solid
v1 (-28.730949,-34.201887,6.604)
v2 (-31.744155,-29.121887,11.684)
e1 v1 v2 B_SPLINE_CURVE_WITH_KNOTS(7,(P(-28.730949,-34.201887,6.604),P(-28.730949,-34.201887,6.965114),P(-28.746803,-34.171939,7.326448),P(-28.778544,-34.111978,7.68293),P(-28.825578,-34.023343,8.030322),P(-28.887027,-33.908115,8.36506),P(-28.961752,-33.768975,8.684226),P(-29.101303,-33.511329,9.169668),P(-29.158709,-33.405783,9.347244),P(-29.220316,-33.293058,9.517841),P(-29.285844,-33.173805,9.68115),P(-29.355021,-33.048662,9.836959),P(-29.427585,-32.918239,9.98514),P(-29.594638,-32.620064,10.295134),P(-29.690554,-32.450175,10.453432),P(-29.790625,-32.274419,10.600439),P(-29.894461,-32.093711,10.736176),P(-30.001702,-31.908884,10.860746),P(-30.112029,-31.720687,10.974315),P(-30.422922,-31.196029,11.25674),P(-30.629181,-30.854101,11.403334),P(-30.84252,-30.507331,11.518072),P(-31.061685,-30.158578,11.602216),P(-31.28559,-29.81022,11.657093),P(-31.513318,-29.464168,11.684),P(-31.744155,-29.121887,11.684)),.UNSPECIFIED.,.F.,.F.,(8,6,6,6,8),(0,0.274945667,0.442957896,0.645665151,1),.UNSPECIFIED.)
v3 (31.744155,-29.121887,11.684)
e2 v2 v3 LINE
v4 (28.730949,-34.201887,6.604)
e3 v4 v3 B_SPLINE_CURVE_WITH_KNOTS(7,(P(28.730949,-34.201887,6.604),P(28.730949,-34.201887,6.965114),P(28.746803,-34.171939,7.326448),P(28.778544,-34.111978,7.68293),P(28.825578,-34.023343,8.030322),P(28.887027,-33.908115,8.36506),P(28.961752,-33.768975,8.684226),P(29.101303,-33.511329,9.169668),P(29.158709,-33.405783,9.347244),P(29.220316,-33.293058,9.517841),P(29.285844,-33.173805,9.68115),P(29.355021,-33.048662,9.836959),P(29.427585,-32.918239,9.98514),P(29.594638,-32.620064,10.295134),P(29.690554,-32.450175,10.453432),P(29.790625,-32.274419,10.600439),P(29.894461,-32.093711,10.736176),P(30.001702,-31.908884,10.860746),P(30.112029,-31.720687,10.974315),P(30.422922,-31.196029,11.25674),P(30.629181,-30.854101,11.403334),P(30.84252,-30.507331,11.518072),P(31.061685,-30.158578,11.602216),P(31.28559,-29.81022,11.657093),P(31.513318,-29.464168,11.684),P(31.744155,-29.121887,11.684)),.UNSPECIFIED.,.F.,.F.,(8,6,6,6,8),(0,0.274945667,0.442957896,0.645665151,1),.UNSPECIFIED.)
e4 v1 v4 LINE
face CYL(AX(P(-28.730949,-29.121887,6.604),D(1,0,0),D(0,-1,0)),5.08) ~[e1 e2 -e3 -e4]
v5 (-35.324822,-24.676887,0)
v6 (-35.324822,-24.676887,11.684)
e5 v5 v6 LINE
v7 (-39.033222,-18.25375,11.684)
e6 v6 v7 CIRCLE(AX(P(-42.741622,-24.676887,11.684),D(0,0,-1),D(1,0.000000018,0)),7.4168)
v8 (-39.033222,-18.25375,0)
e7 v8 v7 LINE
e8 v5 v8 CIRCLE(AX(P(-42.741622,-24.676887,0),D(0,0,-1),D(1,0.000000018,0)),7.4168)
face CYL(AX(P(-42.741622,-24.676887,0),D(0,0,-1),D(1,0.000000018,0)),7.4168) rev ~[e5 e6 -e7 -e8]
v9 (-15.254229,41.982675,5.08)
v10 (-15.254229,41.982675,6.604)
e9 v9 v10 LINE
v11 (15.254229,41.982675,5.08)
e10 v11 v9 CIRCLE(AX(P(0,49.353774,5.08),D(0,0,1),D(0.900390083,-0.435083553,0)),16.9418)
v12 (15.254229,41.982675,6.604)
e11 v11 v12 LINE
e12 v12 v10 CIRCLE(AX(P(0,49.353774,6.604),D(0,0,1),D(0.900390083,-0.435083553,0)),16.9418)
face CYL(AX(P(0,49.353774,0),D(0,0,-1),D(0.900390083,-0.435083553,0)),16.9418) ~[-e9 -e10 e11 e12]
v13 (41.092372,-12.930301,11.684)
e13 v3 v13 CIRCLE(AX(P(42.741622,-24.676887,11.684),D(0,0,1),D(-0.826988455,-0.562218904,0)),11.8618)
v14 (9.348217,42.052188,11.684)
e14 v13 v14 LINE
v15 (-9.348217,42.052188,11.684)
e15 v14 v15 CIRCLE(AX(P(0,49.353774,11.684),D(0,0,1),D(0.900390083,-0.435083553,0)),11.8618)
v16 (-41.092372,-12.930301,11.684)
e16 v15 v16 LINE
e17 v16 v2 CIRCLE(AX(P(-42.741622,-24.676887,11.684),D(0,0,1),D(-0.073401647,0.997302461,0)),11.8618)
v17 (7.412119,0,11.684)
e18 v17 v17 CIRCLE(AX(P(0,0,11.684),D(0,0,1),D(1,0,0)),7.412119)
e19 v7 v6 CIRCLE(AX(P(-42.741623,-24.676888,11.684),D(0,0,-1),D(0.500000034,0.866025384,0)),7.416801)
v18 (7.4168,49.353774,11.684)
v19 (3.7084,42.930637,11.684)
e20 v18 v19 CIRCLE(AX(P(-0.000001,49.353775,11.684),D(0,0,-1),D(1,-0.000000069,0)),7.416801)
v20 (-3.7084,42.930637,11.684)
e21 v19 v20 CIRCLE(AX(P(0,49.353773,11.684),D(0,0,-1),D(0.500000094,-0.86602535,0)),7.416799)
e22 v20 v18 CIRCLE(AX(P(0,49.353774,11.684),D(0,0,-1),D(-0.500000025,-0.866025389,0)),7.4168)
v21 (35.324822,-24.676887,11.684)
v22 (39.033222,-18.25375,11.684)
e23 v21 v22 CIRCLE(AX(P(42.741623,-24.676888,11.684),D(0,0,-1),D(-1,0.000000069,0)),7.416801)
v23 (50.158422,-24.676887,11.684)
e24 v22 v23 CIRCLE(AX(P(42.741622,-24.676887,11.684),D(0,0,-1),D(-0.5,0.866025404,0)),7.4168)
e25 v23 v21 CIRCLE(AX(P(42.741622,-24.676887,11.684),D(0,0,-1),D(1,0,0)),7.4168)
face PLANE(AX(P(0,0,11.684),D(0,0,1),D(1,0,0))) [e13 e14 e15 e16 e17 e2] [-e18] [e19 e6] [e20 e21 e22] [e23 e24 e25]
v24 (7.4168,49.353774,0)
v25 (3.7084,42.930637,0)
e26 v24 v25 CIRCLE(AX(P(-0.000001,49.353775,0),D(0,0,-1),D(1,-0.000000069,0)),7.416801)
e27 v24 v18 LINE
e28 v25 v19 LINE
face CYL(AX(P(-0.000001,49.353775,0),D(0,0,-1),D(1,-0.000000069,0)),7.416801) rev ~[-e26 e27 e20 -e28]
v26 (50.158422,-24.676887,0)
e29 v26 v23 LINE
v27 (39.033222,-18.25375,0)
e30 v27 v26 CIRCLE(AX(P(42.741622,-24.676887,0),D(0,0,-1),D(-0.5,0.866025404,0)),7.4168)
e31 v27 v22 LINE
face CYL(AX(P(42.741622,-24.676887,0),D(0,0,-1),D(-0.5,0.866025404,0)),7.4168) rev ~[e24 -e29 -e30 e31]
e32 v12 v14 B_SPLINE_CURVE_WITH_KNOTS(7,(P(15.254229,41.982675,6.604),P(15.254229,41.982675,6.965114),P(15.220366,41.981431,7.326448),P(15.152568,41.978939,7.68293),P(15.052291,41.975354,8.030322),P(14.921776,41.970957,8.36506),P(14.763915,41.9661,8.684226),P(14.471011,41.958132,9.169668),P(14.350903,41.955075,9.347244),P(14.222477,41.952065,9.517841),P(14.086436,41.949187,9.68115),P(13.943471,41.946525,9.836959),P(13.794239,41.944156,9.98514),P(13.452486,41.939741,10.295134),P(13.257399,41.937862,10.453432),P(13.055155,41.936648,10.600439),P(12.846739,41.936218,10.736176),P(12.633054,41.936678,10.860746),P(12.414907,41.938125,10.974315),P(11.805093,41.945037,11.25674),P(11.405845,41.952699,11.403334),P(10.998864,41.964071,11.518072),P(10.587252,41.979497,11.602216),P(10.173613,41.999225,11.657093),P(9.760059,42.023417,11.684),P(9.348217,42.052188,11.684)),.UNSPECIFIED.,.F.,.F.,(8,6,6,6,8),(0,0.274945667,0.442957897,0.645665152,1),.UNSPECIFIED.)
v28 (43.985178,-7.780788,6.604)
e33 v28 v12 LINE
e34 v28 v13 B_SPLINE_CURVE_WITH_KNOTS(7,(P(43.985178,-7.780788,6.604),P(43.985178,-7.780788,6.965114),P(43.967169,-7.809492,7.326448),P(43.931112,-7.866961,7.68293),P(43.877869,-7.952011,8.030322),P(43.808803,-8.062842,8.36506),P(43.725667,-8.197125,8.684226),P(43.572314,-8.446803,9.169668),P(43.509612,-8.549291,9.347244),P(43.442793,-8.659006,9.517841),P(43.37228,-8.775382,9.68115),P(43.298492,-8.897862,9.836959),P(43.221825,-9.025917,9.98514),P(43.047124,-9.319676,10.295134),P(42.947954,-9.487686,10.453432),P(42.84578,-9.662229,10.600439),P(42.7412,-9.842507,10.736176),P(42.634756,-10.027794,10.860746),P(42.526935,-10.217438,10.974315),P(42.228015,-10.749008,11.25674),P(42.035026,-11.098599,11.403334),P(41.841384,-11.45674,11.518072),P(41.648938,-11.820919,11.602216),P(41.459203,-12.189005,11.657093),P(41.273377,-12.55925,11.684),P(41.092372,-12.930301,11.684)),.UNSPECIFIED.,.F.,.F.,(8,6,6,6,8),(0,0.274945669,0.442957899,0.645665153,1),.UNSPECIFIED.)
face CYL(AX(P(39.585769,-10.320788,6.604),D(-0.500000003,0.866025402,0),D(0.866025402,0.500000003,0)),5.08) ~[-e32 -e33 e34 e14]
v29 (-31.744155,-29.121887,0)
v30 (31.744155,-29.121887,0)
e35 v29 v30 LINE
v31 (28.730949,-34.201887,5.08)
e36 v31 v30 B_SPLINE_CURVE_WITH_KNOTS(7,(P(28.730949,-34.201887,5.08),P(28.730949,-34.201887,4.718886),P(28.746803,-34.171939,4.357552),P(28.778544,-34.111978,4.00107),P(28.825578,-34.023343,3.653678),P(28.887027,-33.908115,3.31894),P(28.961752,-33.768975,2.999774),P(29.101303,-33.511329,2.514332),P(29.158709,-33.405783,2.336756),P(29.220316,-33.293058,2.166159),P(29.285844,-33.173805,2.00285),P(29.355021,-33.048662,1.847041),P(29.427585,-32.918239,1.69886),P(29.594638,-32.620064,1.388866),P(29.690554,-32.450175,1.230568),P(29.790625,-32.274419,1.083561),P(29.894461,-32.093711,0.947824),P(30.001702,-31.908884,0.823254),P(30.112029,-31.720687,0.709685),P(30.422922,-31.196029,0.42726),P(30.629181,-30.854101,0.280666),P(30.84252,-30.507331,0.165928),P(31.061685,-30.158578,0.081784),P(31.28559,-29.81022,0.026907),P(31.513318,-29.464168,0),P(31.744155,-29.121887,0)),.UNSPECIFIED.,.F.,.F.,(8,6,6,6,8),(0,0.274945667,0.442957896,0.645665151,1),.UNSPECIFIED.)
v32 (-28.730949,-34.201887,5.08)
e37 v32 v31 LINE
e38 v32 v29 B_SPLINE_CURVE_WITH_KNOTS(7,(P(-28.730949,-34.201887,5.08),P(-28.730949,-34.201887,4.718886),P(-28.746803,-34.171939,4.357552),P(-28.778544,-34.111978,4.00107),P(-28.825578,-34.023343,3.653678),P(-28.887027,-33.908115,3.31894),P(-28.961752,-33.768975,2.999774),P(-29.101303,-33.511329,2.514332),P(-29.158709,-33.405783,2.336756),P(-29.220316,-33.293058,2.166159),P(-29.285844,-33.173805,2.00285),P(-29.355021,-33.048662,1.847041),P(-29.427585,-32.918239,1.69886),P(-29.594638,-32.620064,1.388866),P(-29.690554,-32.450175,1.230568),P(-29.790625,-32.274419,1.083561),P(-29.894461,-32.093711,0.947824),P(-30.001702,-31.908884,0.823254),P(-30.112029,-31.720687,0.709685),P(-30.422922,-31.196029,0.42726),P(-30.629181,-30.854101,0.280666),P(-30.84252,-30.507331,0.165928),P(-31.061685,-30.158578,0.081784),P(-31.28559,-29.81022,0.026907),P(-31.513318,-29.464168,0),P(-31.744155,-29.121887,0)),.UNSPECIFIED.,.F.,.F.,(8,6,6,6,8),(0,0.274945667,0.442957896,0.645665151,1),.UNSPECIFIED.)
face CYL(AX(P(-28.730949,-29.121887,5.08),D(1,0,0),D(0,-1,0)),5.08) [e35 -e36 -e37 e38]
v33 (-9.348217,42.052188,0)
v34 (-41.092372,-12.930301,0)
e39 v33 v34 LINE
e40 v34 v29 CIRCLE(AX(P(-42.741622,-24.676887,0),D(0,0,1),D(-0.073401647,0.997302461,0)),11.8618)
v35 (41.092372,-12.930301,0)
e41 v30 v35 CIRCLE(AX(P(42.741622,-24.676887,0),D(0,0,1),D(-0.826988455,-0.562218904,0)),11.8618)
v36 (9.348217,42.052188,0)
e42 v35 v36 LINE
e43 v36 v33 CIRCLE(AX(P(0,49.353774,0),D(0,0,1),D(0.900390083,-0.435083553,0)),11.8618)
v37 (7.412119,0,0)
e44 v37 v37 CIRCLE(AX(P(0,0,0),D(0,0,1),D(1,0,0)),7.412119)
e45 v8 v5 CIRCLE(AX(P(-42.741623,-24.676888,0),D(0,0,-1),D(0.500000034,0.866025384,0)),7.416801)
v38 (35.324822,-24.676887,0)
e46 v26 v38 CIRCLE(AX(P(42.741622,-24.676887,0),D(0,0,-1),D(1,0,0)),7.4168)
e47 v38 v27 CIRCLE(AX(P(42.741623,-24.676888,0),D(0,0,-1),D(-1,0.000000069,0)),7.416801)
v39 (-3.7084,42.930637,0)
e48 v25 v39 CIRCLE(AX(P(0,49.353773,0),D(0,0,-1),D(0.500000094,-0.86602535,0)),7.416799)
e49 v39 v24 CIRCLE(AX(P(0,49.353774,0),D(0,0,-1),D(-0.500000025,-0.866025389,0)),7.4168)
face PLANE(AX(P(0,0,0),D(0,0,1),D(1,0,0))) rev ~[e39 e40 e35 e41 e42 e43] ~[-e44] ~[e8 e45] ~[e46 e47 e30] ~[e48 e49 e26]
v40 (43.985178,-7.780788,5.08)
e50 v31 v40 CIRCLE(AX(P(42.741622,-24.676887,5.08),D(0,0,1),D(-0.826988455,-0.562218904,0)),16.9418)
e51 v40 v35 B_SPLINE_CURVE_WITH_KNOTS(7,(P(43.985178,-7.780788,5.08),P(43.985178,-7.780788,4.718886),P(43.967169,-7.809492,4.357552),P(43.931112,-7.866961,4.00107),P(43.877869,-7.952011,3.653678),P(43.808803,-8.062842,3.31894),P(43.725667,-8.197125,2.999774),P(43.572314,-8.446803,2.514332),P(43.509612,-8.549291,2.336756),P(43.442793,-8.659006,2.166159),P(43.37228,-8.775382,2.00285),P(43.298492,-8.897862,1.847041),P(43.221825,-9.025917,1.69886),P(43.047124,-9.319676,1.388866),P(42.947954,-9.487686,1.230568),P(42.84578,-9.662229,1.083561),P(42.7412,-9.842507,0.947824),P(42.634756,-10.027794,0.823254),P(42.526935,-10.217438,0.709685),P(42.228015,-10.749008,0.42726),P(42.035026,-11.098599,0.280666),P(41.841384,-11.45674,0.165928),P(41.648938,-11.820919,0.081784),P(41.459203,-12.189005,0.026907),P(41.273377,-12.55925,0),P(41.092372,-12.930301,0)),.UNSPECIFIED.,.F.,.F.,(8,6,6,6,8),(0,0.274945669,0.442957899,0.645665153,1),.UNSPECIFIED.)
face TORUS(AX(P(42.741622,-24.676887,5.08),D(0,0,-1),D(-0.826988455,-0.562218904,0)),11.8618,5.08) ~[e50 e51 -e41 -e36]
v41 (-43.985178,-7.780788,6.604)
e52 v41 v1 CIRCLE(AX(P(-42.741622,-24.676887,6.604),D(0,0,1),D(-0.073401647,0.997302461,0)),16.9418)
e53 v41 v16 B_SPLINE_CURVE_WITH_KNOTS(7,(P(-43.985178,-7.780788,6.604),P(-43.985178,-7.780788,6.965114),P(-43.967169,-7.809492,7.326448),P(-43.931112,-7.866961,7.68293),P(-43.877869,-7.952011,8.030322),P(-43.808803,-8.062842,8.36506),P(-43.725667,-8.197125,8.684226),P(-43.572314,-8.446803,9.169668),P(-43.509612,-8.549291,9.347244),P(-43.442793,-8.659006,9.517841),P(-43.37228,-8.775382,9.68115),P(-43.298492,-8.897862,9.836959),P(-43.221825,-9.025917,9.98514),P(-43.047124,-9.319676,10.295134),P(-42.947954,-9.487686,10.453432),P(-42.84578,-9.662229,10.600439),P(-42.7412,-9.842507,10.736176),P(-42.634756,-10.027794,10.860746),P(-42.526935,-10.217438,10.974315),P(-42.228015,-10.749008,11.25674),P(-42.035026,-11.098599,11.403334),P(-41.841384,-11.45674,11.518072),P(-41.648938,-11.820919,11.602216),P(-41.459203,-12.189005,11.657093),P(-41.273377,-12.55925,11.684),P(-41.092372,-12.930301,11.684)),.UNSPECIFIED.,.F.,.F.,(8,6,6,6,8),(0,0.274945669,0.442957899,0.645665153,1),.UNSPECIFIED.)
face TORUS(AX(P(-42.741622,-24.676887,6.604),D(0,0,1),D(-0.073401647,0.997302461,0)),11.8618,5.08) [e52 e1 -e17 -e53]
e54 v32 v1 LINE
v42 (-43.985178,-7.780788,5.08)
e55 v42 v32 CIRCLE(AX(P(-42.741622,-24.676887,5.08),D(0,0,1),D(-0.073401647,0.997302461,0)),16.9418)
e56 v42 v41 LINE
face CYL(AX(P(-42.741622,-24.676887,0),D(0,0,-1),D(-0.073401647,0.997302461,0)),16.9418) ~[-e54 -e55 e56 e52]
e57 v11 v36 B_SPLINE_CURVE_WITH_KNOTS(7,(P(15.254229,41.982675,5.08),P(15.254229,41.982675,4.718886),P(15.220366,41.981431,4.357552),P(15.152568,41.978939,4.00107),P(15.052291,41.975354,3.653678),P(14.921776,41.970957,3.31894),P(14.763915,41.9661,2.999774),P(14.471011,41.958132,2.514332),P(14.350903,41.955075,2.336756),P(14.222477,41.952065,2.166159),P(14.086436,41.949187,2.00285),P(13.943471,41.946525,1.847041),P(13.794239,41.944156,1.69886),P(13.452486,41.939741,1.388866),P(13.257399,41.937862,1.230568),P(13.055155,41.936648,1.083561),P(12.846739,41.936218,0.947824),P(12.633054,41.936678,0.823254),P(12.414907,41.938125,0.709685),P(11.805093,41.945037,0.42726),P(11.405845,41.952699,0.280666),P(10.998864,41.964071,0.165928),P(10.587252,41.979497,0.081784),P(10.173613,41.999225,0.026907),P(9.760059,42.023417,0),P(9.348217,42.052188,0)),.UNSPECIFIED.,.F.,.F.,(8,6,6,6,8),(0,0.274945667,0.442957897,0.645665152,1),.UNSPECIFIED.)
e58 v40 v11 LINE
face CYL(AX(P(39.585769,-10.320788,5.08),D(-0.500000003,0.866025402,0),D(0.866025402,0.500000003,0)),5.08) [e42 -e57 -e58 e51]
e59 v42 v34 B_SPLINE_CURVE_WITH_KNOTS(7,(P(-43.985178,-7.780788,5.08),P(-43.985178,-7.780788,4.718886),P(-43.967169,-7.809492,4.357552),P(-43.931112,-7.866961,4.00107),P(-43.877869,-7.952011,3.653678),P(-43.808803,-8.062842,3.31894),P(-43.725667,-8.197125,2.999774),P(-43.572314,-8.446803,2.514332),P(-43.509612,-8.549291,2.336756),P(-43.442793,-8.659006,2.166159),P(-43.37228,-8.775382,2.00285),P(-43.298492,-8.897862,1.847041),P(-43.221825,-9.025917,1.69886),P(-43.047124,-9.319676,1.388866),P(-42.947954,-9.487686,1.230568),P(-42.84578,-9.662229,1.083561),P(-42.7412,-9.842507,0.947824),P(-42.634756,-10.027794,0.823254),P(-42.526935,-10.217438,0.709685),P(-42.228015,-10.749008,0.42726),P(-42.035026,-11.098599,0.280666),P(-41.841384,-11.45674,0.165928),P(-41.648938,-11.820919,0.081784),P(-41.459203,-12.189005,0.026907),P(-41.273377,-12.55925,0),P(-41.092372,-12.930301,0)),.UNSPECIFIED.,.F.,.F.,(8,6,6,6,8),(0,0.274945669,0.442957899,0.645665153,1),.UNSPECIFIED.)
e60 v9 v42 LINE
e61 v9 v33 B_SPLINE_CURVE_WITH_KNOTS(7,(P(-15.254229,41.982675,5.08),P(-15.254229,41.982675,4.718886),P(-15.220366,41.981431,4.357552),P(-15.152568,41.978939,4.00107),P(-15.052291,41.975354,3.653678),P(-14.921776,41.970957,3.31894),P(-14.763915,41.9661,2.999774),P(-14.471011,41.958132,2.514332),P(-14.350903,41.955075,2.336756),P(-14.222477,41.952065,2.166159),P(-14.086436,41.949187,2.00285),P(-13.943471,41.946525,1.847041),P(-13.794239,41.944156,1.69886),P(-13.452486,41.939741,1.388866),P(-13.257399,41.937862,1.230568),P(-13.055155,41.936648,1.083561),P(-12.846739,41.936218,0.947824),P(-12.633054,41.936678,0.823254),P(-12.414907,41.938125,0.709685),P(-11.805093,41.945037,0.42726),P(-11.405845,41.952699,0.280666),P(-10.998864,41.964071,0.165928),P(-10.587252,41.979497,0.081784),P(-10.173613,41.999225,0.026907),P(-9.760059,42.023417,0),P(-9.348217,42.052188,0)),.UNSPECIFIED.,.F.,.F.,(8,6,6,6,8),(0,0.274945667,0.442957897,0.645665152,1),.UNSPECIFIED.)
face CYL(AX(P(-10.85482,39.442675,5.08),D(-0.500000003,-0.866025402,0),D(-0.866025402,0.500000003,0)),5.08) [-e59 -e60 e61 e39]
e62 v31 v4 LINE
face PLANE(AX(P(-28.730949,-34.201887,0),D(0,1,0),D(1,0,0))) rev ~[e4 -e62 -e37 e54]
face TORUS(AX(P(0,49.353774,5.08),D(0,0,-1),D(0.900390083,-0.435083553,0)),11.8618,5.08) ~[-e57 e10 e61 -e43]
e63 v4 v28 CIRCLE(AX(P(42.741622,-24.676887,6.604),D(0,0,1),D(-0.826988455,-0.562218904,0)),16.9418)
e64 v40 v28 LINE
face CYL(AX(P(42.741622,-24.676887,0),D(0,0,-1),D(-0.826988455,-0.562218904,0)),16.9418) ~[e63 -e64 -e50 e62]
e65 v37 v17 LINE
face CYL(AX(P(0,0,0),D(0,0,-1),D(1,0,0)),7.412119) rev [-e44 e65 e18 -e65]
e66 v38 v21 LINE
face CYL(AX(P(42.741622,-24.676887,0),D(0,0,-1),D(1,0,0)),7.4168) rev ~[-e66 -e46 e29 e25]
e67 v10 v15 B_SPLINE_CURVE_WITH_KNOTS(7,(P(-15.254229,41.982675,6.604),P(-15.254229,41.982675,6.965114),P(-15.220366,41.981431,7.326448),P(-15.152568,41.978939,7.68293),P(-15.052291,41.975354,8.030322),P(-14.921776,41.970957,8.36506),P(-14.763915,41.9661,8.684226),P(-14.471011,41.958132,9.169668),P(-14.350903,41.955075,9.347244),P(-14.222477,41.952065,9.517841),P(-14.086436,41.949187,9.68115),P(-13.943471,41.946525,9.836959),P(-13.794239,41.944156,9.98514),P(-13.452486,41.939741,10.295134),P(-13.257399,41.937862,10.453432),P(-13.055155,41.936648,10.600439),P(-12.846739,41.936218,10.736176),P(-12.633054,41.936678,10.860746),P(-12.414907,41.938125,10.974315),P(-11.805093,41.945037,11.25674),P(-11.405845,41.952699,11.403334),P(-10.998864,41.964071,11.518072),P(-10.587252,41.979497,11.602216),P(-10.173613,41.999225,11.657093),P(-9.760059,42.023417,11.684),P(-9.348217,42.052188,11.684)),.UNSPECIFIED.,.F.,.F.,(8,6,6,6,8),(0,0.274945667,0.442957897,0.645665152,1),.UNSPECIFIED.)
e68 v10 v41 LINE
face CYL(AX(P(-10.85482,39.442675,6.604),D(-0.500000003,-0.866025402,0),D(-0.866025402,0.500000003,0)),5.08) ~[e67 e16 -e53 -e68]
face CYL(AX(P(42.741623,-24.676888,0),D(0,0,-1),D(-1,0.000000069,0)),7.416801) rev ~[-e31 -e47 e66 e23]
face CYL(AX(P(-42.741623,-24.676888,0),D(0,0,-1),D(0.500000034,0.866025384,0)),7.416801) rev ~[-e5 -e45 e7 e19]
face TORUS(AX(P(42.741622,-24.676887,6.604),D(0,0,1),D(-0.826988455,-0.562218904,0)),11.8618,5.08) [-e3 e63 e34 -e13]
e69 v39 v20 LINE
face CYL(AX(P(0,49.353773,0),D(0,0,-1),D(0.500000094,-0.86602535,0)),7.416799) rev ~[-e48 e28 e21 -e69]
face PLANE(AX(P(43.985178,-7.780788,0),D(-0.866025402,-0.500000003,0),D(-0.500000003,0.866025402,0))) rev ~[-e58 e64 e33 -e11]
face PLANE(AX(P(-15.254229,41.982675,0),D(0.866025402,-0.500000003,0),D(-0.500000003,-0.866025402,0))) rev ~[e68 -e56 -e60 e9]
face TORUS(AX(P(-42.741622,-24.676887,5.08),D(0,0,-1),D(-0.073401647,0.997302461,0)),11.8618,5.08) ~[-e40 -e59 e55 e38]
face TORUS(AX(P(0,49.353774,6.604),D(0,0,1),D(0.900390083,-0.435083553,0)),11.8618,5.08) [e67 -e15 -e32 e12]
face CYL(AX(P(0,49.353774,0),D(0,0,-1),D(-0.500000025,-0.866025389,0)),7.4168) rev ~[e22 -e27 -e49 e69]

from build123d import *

# Parameters (mm, degrees)
F0_R     = 7.412119
F1_DEPTH = 11.684
F2_R     = 5.08


with BuildPart() as f1:
    # F0 (on Top) → F1 (new body)
    with BuildSketch(Plane.XY):
        with BuildLine():
            Line((-15.254229, 41.982675), (-43.985178, -7.780788))
            ThreePointArc((-43.985178, -7.780788), (-57.413651, -33.147787), (-28.730949, -34.201887))
            Line((-28.730949, -34.201887), (28.730949, -34.201887))
            ThreePointArc((28.730949, -34.201887), (57.413651, -33.147787), (43.985178, -7.780788))
            Line((43.985178, -7.780788), (15.254229, 41.982675))
            ThreePointArc((15.254229, 41.982675), (0, 66.295574), (-15.254229, 41.982675))
        make_face()
        with BuildLine():
            ThreePointArc((-35.324822, -24.676887), (-49.164759, -28.385287), (-39.033222, -18.25375))
            Line((-39.033222, -18.25375), (-3.7084, 42.930637))
            ThreePointArc((-3.7084, 42.930637), (-3.7084, 55.776911), (7.4168, 49.353774))
            ThreePointArc((7.4168, 49.353774), (6.423137, 45.645374), (3.7084, 42.930637))
            Line((3.7084, 42.930637), (39.033222, -18.25375))
            ThreePointArc((39.033222, -18.25375), (46.450022, -18.25375), (50.158422, -24.676887))
            ThreePointArc((50.158422, -24.676887), (42.741622, -32.093687), (35.324822, -24.676887))
            Line((35.324822, -24.676887), (-35.324822, -24.676887))
        make_face(mode=Mode.SUBTRACT)
        with BuildLine():
            Line((-3.7084, 42.930637), (-39.033222, -18.25375))
            ThreePointArc((-39.033222, -18.25375), (-36.318485, -20.968487), (-35.324822, -24.676887))
            Line((-35.324822, -24.676887), (35.324822, -24.676887))
            ThreePointArc((35.324822, -24.676887), (36.318485, -20.968487), (39.033222, -18.25375))
            Line((39.033222, -18.25375), (3.7084, 42.930637))
            ThreePointArc((3.7084, 42.930637), (0, 41.936974), (-3.7084, 42.930637))
        make_face()
        Circle(F0_R, mode=Mode.SUBTRACT)
    extrude(amount=F1_DEPTH)

    # F2
    f2_edges = [f1.edges().sort_by_distance(p)[0] for p in [
        (0, -34.201887, 0),
        (0, -34.201887, 11.684),
        (57.413651, -33.147787, 11.684),
        (-57.413651, -33.147787, 11.684),
        (-29.619703, 17.100944, 11.684),
        (0, 66.295574, 11.684),
        (29.619703, 17.100944, 0),
        (29.619703, 17.100944, 11.684),
        (57.413651, -33.147787, 0),
        (-57.413651, -33.147787, 0),
        (0, 66.295574, 0),
        (-29.619703, 17.100944, 0),
    ]]
    fillet(f2_edges, radius=F2_R)


solid = f1.part
